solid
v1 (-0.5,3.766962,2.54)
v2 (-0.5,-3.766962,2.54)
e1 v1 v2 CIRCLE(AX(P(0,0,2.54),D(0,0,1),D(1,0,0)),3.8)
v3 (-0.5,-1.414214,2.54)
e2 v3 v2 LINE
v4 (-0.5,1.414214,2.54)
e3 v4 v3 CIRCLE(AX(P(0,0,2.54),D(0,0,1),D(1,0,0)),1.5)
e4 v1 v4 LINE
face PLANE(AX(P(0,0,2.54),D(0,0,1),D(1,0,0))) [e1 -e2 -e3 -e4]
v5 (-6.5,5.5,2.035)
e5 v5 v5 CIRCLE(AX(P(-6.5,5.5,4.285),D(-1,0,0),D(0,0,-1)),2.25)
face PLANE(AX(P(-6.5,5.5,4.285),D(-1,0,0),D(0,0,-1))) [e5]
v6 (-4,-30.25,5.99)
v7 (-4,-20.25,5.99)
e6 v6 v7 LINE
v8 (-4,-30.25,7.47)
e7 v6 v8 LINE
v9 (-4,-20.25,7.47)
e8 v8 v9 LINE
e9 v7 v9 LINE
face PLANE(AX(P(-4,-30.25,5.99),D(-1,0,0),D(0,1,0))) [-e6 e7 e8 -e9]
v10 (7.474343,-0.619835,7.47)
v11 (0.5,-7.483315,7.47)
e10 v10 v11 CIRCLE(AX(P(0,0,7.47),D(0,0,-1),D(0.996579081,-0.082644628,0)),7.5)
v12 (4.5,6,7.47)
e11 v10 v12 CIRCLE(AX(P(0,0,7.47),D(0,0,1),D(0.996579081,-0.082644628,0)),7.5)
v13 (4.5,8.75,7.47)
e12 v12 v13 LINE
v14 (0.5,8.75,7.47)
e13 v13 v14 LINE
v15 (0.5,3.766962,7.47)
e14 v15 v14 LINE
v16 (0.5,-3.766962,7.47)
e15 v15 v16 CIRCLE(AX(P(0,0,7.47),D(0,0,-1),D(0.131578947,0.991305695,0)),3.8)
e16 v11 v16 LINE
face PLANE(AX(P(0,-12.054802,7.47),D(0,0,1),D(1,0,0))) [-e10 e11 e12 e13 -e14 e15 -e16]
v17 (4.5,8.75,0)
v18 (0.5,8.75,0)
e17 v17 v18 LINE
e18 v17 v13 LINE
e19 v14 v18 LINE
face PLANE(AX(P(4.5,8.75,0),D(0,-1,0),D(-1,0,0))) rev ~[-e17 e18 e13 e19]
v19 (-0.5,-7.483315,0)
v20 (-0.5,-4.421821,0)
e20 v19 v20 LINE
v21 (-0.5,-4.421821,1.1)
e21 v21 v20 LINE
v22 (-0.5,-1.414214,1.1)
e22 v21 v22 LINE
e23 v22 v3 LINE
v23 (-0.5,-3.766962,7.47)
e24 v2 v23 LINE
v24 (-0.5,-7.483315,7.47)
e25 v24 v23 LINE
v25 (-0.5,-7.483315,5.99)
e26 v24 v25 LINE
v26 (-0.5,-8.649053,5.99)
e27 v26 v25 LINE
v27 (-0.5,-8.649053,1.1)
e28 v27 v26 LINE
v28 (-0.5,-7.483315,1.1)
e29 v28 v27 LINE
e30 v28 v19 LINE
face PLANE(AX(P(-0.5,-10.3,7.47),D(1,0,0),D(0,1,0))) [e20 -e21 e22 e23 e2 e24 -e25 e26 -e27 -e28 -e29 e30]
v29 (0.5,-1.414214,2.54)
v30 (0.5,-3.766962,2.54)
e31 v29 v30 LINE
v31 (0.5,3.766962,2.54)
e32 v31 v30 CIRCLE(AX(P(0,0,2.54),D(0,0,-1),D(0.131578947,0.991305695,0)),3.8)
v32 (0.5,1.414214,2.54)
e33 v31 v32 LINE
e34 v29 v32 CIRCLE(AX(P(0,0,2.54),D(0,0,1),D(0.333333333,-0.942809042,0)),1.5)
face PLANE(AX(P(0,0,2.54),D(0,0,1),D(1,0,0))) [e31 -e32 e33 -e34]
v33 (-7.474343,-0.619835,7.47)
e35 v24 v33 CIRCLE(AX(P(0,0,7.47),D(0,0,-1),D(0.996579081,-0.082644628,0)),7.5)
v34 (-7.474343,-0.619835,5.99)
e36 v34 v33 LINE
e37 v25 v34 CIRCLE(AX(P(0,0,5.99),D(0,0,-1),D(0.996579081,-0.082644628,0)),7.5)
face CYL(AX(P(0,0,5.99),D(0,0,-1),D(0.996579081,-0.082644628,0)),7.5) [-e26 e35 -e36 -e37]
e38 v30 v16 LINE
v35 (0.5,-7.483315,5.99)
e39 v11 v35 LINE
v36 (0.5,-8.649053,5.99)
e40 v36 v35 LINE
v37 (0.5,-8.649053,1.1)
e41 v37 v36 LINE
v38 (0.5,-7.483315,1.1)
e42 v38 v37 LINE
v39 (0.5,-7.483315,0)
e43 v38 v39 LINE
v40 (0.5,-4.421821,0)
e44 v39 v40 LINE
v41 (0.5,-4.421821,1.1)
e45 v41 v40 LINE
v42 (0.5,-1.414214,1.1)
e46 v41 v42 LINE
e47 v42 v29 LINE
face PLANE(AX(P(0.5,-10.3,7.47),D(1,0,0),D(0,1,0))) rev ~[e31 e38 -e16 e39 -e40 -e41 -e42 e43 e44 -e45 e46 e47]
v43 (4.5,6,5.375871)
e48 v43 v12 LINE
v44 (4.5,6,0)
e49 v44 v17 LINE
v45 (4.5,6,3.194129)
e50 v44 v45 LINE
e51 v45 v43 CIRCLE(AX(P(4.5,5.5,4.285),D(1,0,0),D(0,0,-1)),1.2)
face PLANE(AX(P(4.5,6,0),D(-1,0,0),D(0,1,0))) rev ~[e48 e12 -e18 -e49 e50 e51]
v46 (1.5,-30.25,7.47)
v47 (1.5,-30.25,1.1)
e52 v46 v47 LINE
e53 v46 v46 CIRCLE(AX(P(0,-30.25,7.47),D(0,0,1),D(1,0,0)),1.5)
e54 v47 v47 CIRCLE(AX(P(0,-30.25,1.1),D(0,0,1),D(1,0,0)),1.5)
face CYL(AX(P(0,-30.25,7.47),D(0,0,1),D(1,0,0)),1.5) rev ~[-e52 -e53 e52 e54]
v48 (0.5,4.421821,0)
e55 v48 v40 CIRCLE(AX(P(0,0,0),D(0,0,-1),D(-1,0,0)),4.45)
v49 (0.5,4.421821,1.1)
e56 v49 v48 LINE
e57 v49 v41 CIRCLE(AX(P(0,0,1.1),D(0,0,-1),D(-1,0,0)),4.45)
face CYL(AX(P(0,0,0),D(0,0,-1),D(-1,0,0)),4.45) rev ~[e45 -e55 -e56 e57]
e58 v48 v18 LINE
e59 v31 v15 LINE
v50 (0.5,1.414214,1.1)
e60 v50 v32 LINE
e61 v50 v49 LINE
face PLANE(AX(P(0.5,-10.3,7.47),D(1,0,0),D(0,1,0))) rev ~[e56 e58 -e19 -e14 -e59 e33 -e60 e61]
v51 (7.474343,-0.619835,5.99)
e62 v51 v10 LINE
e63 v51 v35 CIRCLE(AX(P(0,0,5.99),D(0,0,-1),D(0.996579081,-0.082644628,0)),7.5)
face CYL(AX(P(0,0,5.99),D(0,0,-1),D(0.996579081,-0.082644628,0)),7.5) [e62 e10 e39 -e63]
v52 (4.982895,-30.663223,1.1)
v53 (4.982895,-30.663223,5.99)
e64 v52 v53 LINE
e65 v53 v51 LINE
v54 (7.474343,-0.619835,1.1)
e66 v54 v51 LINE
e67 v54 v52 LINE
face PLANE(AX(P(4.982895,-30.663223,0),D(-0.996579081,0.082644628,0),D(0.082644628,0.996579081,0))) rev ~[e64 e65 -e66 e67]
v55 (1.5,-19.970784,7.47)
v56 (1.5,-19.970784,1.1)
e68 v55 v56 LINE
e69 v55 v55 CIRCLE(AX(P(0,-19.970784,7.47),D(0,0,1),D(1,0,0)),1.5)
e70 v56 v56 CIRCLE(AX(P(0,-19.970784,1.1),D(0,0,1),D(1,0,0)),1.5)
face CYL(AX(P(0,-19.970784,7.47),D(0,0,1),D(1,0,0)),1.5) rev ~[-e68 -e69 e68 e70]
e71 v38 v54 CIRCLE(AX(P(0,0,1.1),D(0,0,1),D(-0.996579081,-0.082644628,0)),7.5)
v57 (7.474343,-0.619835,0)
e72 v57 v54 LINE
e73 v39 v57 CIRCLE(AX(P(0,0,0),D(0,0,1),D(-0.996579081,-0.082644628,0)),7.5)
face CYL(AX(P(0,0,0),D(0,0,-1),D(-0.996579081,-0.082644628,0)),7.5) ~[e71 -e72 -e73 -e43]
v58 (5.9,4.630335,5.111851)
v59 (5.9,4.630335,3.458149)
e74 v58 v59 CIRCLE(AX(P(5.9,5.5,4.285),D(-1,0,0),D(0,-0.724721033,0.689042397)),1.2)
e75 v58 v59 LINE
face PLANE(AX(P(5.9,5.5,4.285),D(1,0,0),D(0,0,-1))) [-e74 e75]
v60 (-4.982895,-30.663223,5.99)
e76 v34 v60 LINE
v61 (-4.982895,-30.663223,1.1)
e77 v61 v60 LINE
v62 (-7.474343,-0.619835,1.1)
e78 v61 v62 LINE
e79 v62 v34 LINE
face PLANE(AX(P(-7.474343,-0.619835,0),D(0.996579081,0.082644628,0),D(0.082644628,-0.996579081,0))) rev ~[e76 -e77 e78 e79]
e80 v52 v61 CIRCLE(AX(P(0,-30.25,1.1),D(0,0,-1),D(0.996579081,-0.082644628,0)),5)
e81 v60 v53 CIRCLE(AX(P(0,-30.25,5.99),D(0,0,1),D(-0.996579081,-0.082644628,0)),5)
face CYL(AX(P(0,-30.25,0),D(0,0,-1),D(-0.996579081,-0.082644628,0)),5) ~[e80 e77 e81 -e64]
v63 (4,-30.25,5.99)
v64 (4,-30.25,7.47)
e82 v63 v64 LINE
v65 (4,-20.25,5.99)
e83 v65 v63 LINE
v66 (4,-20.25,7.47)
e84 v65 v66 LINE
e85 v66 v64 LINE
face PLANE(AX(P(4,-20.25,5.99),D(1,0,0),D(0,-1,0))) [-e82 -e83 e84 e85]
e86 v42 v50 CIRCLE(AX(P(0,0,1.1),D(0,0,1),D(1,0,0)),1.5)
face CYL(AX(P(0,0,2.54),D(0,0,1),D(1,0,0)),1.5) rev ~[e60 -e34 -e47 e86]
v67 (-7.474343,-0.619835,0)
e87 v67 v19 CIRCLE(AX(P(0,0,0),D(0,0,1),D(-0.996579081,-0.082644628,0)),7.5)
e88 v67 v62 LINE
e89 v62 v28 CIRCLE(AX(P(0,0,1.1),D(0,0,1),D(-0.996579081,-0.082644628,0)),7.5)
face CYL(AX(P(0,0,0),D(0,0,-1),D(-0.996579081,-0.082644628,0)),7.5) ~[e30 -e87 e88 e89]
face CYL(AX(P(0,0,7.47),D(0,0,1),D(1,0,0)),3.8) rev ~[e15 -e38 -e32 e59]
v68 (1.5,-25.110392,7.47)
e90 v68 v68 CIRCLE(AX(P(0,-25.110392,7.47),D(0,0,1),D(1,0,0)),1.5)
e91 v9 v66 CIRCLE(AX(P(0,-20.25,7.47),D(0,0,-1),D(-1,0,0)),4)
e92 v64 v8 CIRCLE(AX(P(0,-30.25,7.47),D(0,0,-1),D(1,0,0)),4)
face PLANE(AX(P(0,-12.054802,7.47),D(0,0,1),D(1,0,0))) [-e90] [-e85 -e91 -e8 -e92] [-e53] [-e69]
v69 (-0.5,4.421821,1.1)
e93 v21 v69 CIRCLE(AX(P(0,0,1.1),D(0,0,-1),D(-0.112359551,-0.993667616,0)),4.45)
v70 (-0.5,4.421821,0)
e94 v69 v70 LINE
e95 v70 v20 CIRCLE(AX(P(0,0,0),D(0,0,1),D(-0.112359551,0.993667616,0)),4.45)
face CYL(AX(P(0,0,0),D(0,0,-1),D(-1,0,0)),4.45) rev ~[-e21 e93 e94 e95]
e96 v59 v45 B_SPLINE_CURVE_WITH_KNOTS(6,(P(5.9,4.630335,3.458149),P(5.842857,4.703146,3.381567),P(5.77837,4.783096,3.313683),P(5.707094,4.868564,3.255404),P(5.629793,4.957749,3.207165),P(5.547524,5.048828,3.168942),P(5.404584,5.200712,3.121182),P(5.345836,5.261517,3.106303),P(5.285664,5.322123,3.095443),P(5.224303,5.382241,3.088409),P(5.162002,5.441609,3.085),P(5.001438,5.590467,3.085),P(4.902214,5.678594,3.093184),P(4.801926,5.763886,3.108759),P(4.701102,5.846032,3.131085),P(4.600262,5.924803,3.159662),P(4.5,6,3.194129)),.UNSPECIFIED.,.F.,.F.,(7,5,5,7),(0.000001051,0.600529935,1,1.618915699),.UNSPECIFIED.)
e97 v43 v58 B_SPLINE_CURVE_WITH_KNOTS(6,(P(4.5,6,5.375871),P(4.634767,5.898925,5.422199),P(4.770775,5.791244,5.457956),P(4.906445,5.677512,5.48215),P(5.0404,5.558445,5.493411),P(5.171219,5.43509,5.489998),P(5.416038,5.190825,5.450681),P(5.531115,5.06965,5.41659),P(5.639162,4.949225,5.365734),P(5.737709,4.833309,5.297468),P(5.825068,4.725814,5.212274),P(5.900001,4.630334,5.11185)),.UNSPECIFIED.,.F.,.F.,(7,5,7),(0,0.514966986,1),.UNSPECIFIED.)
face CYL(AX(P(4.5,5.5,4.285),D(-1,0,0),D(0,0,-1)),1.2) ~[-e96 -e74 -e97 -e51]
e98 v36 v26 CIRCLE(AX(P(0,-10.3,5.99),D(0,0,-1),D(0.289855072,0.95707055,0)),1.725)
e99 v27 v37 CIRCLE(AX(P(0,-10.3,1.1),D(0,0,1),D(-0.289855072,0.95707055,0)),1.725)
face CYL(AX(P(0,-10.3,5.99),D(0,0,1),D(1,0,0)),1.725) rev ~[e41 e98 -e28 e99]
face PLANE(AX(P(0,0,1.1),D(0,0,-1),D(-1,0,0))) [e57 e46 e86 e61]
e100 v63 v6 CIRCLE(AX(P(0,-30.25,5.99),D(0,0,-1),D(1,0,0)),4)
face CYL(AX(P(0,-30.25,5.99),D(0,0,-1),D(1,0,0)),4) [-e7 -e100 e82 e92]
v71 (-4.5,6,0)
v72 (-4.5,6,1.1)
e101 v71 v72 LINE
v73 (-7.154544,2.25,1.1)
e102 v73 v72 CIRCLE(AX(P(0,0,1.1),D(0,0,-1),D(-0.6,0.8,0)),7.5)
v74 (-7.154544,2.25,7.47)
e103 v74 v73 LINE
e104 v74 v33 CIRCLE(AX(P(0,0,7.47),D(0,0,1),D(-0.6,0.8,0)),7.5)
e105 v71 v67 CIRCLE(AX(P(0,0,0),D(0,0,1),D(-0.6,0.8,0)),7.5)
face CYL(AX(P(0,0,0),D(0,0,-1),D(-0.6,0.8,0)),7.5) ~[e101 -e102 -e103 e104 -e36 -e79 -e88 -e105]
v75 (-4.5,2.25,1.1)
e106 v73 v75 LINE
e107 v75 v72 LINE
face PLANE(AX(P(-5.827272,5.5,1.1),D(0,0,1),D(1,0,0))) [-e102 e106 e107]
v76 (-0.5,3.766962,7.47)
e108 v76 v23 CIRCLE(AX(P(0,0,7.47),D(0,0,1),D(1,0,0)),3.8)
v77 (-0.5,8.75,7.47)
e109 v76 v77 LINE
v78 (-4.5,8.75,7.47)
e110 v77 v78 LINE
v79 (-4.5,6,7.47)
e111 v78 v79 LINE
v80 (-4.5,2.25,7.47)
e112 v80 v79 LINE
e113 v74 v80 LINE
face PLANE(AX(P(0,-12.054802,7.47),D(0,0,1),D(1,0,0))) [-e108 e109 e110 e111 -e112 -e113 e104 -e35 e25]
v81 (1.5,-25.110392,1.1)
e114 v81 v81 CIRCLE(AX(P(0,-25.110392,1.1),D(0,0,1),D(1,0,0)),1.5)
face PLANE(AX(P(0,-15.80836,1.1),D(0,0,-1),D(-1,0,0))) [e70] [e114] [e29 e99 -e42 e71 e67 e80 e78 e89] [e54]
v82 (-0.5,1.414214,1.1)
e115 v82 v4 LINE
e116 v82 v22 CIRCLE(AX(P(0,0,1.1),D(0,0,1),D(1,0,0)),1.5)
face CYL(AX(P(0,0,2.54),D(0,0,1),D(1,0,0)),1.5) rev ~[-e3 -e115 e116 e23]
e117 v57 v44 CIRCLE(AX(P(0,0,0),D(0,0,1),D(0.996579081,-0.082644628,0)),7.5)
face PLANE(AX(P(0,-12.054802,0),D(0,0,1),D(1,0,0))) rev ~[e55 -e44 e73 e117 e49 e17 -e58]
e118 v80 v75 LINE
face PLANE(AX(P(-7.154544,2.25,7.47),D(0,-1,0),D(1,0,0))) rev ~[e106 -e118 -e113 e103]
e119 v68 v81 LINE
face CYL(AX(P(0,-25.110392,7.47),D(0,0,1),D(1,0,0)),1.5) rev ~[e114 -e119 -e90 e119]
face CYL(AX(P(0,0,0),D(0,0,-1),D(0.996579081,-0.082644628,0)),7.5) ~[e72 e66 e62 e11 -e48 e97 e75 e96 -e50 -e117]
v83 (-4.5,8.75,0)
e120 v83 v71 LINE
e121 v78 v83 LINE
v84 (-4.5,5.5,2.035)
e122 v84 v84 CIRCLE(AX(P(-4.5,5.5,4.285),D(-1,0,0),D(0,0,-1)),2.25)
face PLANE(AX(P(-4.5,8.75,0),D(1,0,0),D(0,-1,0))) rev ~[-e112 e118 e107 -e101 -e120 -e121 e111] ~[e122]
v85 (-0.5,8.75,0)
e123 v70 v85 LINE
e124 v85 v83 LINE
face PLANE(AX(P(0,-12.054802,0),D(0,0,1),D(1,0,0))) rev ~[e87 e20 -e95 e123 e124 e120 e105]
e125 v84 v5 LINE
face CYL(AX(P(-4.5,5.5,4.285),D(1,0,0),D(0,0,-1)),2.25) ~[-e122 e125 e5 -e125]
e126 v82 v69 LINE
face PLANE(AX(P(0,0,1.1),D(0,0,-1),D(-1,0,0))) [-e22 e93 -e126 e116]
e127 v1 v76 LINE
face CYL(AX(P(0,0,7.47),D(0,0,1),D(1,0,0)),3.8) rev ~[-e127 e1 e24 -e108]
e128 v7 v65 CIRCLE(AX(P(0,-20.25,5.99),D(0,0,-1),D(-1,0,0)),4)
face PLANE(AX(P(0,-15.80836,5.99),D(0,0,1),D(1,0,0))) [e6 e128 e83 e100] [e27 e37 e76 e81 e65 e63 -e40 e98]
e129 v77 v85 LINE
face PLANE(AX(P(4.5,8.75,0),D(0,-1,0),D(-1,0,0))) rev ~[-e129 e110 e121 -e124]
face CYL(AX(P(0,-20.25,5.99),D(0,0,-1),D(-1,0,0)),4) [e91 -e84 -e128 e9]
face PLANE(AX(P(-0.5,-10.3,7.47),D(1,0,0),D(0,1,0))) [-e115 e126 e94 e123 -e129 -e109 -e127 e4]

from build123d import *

# Parameters (mm, degrees)
SALIENTE_EXTRUIR1_DEPTH = 7.47
CORTAR_EXTRUIR1_START   = -1.48
CORTAR_EXTRUIR1_DEPTH   = 1.48
CORTAR_EXTRUIR2_DEPTH   = 1.1
CROQUIS4_R              = 1.5
CORTAR_EXTRUIR4_DEPTH   = 37.80507302
CROQUIS7_R              = 1.725
CORTAR_EXTRUIR5_DEPTH   = 37.533444951
CROQUIS9_W              = 1
CROQUIS9_H              = 19.05
CORTAR_EXTRUIR6_DEPTH   = 37.80507302
CROQUIS10_R             = 3.8
CORTAR_EXTRUIR7_DEPTH   = 4.93
CROQUIS11_R             = 1.5
CORTAR_EXTRUIR8_DEPTH   = 37.374680755
CROQUIS12_R             = 4.45
CORTAR_EXTRUIR9_DEPTH   = 1.1
CROQUIS14_W             = 2.654544011
CROQUIS14_H             = 6.5
CORTAR_EXTRUIR10_DEPTH  = 6.37
CROQUIS15_R             = 2.25
SALIENTE_EXTRUIR2_DEPTH = 2
CROQUIS16_R             = 1.2
SALIENTE_EXTRUIR3_DEPTH = 1.4


with BuildPart() as part:
    # Croquis1 → Saliente-Extruir1 (new body)
    with BuildSketch(Plane.XY):
        with BuildLine():
            Line((4.5, 6), (4.5, 8.75))
            Line((4.5, 8.75), (-4.5, 8.75))
            Line((-4.5, 8.75), (-4.5, 6))
            ThreePointArc((-4.5, 6), (-6.841182363, 3.073796329), (-7.47434311, -0.619834711))
            Line((-7.47434311, -0.619834711), (-4.982895407, -30.66322314))
            ThreePointArc((-4.982895407, -30.66322314), (0, -35.25), (4.982895407, -30.66322314))
            Line((4.982895407, -30.66322314), (7.47434311, -0.619834711))
            ThreePointArc((7.47434311, -0.619834711), (6.841182363, 3.073796329), (4.5, 6))
        make_face()
    extrude(amount=SALIENTE_EXTRUIR1_DEPTH)

    # Croquis2 → Cortar-Extruir1 (cut)
    with BuildSketch(Plane.XY.offset(7.47).offset(CORTAR_EXTRUIR1_START)):
        with BuildLine():
            ThreePointArc((7.47434311, -0.619834711), (0, -7.5), (-7.47434311, -0.619834711))
            Line((-7.47434311, -0.619834711), (-4.982895407, -30.66322314))
            ThreePointArc((-4.982895407, -30.66322314), (0, -35.25), (4.982895407, -30.66322314))
            Line((4.982895407, -30.66322314), (7.47434311, -0.619834711))
        make_face()
        with BuildLine():
            ThreePointArc((4, -30.25), (0, -34.25), (-4, -30.25))
            Line((-4, -30.25), (-4, -20.25))
            ThreePointArc((-4, -20.25), (0, -16.25), (4, -20.25))
            Line((4, -20.25), (4, -30.25))
        make_face(mode=Mode.SUBTRACT)
    extrude(amount=CORTAR_EXTRUIR1_DEPTH, mode=Mode.SUBTRACT)

    # Croquis3 → Cortar-Extruir2 (cut)
    with BuildSketch(Plane(origin=(0, 0, 0), x_dir=(-1, 0, 0), z_dir=(0, 0, -1))):
        with BuildLine():
            Line((-7.47434311, -0.619834711), (-4.982895407, -30.66322314))
            ThreePointArc((-4.982895407, -30.66322314), (0, -35.25), (4.982895407, -30.66322314))
            Line((4.982895407, -30.66322314), (7.47434311, -0.619834711))
            ThreePointArc((7.47434311, -0.619834711), (0, -7.5), (-7.47434311, -0.619834711))
        make_face()
    extrude(amount=-CORTAR_EXTRUIR2_DEPTH, mode=Mode.SUBTRACT)

    # Croquis4 → Cortar-Extruir4 (cut, through all)
    with BuildSketch(Plane.XY.offset(7.47)):
        with Locations((0, -19.970784247)):
            Circle(CROQUIS4_R)
        with Locations((0, -25.110392124)):
            Circle(CROQUIS4_R)
        with Locations((0, -30.25)):
            Circle(CROQUIS4_R)
    extrude(amount=-CORTAR_EXTRUIR4_DEPTH, mode=Mode.SUBTRACT)

    # Croquis7 → Cortar-Extruir5 (cut, through all)
    with BuildSketch(Plane.XY.offset(5.99)):
        with Locations((0, -10.3)):
            Circle(CROQUIS7_R)
    extrude(amount=-CORTAR_EXTRUIR5_DEPTH, mode=Mode.SUBTRACT)

    # Croquis9 → Cortar-Extruir6 (cut, through all)
    with BuildSketch(Plane.XY.offset(7.47)):
        with Locations((0, -0.775)):
            Rectangle(CROQUIS9_W, CROQUIS9_H)
    extrude(amount=-CORTAR_EXTRUIR6_DEPTH, mode=Mode.SUBTRACT)

    # Croquis10 → Cortar-Extruir7 (cut)
    with BuildSketch(Plane.XY.offset(7.47)):
        Circle(CROQUIS10_R)
    extrude(amount=-CORTAR_EXTRUIR7_DEPTH, mode=Mode.SUBTRACT)

    # Croquis11 → Cortar-Extruir8 (cut, through all)
    with BuildSketch(Plane.XY.offset(2.54)):
        Circle(CROQUIS11_R)
    extrude(amount=-CORTAR_EXTRUIR8_DEPTH, mode=Mode.SUBTRACT)

    # Croquis12 → Cortar-Extruir9 (cut)
    with BuildSketch(Plane(origin=(0, 0, 0), x_dir=(-1, 0, 0), z_dir=(0, 0, -1))):
        Circle(CROQUIS12_R)
    extrude(amount=-CORTAR_EXTRUIR9_DEPTH, mode=Mode.SUBTRACT)

    # Croquis14 → Cortar-Extruir10 (cut)
    with BuildSketch(Plane.XY.offset(7.47)):
        with Locations((-5.827272006, 5.5)):
            Rectangle(CROQUIS14_W, CROQUIS14_H)
    extrude(amount=-CORTAR_EXTRUIR10_DEPTH, mode=Mode.SUBTRACT)

    # Croquis15 → Saliente-Extruir2 (add)
    with BuildSketch(Plane.ZY.offset(4.5)):
        with Locations(Location((4.285, 5.5, 0), (0, 0, 180))):
            Circle(CROQUIS15_R)
    extrude(amount=SALIENTE_EXTRUIR2_DEPTH)

    # Croquis16 → Saliente-Extruir3 (add)
    with BuildSketch(Plane(origin=(4.5, 0, 0), x_dir=(0, 0, -1), z_dir=(1, 0, 0))):
        with Locations((-4.285, 5.5)):
            Circle(CROQUIS16_R)
    extrude(amount=SALIENTE_EXTRUIR3_DEPTH)


solid = part.part
